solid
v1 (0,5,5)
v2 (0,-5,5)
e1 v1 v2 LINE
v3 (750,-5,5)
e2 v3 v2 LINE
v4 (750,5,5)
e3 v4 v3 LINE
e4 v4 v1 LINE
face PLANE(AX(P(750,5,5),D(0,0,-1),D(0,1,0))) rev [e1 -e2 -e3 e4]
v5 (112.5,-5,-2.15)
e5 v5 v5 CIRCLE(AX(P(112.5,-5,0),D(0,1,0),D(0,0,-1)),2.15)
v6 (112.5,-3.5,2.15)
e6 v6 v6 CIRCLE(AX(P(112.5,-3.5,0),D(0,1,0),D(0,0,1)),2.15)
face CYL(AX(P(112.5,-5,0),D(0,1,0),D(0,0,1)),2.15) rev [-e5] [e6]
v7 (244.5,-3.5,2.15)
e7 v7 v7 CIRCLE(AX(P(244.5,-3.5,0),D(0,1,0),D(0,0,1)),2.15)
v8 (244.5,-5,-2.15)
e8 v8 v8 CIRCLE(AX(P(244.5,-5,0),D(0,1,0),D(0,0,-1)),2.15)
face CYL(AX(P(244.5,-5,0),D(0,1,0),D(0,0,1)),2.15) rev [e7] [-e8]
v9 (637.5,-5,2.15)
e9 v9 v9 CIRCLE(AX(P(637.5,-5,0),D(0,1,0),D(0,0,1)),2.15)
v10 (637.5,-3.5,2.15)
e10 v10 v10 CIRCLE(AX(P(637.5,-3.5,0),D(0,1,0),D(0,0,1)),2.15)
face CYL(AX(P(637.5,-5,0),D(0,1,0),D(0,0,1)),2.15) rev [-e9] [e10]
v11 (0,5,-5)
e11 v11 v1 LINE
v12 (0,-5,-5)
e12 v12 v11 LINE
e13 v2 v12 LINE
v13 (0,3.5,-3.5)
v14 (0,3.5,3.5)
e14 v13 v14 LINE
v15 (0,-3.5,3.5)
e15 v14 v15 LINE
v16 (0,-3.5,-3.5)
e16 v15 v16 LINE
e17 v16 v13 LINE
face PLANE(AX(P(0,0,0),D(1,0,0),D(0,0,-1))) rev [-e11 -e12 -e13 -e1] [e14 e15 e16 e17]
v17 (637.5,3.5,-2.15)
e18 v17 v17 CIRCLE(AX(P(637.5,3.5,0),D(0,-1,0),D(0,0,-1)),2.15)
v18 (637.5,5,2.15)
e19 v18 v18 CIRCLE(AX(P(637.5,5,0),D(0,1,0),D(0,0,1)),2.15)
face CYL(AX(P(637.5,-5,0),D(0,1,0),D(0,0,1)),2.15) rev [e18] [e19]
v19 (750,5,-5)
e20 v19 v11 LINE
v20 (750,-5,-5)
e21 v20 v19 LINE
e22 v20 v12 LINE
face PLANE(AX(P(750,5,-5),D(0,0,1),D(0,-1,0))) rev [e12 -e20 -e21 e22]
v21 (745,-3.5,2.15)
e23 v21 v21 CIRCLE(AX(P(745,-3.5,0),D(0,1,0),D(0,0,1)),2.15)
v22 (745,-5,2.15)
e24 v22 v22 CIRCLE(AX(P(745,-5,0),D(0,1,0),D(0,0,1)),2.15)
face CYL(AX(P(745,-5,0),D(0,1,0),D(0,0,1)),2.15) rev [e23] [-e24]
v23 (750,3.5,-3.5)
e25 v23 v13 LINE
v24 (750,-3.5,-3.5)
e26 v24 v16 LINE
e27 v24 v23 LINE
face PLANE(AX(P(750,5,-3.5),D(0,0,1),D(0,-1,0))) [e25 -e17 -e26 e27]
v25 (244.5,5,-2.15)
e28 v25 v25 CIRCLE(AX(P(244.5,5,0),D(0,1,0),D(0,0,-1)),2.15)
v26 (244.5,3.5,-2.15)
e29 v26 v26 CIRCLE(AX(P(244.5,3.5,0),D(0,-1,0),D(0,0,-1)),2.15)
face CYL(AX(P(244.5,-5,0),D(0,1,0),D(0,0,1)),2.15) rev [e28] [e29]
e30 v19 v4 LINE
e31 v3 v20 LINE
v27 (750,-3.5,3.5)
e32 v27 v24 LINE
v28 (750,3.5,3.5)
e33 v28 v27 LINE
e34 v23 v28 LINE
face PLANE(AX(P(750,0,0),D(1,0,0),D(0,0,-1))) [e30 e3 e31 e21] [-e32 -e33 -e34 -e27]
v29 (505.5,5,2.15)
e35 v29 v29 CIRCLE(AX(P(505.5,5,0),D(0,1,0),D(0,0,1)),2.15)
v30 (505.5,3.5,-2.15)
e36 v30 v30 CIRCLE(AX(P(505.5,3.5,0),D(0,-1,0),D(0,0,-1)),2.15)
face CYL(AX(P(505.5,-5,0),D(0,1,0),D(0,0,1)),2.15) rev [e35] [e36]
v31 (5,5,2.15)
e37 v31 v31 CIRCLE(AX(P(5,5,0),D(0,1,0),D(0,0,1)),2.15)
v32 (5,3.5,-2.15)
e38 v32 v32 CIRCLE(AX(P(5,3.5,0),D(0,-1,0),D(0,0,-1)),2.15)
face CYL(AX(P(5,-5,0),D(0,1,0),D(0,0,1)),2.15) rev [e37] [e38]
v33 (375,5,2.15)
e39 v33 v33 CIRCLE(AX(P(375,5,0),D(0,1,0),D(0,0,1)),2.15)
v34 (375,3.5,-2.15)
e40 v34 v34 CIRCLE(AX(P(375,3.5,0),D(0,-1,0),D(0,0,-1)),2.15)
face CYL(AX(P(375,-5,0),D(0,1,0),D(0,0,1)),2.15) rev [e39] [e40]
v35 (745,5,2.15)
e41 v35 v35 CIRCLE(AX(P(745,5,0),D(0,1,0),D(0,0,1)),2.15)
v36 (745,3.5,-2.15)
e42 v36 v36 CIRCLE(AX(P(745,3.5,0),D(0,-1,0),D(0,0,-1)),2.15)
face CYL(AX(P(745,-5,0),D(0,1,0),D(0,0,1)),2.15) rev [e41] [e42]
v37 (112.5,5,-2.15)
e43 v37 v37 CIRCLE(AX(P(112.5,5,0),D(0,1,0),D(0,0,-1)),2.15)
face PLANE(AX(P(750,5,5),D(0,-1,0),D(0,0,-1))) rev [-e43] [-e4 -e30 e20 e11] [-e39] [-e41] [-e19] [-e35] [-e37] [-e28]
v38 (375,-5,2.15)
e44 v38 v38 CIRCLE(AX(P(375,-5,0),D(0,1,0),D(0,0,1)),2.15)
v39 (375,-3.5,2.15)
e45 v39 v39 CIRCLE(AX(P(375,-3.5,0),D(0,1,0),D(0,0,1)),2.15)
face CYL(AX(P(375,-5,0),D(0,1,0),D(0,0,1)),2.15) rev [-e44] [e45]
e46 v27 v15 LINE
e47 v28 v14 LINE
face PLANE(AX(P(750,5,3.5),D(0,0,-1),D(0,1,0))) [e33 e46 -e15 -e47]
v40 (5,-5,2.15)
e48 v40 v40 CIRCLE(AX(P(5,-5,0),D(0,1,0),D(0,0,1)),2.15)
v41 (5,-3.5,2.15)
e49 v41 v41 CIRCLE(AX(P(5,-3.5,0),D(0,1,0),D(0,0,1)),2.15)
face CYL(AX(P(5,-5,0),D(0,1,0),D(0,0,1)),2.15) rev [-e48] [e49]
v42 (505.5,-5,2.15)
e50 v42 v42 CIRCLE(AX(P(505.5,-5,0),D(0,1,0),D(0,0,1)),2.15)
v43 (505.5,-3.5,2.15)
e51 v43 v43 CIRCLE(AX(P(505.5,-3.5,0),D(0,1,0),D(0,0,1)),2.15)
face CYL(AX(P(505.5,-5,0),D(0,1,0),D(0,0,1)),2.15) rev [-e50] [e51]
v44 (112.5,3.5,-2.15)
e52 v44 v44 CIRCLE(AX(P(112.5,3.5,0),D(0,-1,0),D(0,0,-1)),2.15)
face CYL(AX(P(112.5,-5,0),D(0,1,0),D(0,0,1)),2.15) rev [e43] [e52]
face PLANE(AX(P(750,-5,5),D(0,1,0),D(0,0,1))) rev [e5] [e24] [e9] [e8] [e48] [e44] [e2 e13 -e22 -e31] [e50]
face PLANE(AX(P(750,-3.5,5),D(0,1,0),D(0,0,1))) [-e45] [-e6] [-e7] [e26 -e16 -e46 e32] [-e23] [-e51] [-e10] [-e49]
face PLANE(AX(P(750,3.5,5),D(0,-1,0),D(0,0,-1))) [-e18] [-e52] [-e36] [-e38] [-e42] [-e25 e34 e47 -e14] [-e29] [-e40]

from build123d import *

# Parameters (mm, degrees)
SKETCH_1_W          = 10
SKETCH_1_H          = 10
SKETCH_1_W_2        = 7
SKETCH_1_H_2        = 7
EXTRUDE_1_DEPTH     = 750
SKETCH_2_R          = 2.15
CUT_EXTRUDE_1_DEPTH = 751.083328704


with BuildPart() as part:
    # ｽｹｯﾁ1 → 押し出し-薄板1 (new body)
    with BuildSketch(Plane(origin=(0, 0, 0), x_dir=(0, 0, -1), z_dir=(1, 0, 0))):
        Rectangle(SKETCH_1_W, SKETCH_1_H)
        Rectangle(SKETCH_1_W_2, SKETCH_1_H_2, mode=Mode.SUBTRACT)
    extrude(amount=EXTRUDE_1_DEPTH)

    # ｽｹｯﾁ2 → ｶｯﾄ - 押し出し1 (cut, through all)
    with BuildSketch(Plane(origin=(0, 5, 0), x_dir=(1, 0, 0), z_dir=(0, 1, 0))):
        with Locations(Location((745, 0, 0), (0, 0, 270))):
            Circle(SKETCH_2_R)
        with Locations(Location((5, 0, 0), (0, 0, 270))):
            Circle(SKETCH_2_R)
        with Locations(Location((505.5, 0, 0), (0, 0, 270))):
            Circle(SKETCH_2_R)
        with Locations(Location((244.5, 0, 0), (0, 0, 270))):
            Circle(SKETCH_2_R)
        with Locations(Location((637.5, 0, 0), (0, 0, 270))):
            Circle(SKETCH_2_R)
        with Locations(Location((112.5, 0, 0), (0, 0, 270))):
            Circle(SKETCH_2_R)
        with Locations(Location((375, 0, 0), (0, 0, 270))):
            Circle(SKETCH_2_R)
    extrude(amount=-CUT_EXTRUDE_1_DEPTH, mode=Mode.SUBTRACT)


solid = part.part
